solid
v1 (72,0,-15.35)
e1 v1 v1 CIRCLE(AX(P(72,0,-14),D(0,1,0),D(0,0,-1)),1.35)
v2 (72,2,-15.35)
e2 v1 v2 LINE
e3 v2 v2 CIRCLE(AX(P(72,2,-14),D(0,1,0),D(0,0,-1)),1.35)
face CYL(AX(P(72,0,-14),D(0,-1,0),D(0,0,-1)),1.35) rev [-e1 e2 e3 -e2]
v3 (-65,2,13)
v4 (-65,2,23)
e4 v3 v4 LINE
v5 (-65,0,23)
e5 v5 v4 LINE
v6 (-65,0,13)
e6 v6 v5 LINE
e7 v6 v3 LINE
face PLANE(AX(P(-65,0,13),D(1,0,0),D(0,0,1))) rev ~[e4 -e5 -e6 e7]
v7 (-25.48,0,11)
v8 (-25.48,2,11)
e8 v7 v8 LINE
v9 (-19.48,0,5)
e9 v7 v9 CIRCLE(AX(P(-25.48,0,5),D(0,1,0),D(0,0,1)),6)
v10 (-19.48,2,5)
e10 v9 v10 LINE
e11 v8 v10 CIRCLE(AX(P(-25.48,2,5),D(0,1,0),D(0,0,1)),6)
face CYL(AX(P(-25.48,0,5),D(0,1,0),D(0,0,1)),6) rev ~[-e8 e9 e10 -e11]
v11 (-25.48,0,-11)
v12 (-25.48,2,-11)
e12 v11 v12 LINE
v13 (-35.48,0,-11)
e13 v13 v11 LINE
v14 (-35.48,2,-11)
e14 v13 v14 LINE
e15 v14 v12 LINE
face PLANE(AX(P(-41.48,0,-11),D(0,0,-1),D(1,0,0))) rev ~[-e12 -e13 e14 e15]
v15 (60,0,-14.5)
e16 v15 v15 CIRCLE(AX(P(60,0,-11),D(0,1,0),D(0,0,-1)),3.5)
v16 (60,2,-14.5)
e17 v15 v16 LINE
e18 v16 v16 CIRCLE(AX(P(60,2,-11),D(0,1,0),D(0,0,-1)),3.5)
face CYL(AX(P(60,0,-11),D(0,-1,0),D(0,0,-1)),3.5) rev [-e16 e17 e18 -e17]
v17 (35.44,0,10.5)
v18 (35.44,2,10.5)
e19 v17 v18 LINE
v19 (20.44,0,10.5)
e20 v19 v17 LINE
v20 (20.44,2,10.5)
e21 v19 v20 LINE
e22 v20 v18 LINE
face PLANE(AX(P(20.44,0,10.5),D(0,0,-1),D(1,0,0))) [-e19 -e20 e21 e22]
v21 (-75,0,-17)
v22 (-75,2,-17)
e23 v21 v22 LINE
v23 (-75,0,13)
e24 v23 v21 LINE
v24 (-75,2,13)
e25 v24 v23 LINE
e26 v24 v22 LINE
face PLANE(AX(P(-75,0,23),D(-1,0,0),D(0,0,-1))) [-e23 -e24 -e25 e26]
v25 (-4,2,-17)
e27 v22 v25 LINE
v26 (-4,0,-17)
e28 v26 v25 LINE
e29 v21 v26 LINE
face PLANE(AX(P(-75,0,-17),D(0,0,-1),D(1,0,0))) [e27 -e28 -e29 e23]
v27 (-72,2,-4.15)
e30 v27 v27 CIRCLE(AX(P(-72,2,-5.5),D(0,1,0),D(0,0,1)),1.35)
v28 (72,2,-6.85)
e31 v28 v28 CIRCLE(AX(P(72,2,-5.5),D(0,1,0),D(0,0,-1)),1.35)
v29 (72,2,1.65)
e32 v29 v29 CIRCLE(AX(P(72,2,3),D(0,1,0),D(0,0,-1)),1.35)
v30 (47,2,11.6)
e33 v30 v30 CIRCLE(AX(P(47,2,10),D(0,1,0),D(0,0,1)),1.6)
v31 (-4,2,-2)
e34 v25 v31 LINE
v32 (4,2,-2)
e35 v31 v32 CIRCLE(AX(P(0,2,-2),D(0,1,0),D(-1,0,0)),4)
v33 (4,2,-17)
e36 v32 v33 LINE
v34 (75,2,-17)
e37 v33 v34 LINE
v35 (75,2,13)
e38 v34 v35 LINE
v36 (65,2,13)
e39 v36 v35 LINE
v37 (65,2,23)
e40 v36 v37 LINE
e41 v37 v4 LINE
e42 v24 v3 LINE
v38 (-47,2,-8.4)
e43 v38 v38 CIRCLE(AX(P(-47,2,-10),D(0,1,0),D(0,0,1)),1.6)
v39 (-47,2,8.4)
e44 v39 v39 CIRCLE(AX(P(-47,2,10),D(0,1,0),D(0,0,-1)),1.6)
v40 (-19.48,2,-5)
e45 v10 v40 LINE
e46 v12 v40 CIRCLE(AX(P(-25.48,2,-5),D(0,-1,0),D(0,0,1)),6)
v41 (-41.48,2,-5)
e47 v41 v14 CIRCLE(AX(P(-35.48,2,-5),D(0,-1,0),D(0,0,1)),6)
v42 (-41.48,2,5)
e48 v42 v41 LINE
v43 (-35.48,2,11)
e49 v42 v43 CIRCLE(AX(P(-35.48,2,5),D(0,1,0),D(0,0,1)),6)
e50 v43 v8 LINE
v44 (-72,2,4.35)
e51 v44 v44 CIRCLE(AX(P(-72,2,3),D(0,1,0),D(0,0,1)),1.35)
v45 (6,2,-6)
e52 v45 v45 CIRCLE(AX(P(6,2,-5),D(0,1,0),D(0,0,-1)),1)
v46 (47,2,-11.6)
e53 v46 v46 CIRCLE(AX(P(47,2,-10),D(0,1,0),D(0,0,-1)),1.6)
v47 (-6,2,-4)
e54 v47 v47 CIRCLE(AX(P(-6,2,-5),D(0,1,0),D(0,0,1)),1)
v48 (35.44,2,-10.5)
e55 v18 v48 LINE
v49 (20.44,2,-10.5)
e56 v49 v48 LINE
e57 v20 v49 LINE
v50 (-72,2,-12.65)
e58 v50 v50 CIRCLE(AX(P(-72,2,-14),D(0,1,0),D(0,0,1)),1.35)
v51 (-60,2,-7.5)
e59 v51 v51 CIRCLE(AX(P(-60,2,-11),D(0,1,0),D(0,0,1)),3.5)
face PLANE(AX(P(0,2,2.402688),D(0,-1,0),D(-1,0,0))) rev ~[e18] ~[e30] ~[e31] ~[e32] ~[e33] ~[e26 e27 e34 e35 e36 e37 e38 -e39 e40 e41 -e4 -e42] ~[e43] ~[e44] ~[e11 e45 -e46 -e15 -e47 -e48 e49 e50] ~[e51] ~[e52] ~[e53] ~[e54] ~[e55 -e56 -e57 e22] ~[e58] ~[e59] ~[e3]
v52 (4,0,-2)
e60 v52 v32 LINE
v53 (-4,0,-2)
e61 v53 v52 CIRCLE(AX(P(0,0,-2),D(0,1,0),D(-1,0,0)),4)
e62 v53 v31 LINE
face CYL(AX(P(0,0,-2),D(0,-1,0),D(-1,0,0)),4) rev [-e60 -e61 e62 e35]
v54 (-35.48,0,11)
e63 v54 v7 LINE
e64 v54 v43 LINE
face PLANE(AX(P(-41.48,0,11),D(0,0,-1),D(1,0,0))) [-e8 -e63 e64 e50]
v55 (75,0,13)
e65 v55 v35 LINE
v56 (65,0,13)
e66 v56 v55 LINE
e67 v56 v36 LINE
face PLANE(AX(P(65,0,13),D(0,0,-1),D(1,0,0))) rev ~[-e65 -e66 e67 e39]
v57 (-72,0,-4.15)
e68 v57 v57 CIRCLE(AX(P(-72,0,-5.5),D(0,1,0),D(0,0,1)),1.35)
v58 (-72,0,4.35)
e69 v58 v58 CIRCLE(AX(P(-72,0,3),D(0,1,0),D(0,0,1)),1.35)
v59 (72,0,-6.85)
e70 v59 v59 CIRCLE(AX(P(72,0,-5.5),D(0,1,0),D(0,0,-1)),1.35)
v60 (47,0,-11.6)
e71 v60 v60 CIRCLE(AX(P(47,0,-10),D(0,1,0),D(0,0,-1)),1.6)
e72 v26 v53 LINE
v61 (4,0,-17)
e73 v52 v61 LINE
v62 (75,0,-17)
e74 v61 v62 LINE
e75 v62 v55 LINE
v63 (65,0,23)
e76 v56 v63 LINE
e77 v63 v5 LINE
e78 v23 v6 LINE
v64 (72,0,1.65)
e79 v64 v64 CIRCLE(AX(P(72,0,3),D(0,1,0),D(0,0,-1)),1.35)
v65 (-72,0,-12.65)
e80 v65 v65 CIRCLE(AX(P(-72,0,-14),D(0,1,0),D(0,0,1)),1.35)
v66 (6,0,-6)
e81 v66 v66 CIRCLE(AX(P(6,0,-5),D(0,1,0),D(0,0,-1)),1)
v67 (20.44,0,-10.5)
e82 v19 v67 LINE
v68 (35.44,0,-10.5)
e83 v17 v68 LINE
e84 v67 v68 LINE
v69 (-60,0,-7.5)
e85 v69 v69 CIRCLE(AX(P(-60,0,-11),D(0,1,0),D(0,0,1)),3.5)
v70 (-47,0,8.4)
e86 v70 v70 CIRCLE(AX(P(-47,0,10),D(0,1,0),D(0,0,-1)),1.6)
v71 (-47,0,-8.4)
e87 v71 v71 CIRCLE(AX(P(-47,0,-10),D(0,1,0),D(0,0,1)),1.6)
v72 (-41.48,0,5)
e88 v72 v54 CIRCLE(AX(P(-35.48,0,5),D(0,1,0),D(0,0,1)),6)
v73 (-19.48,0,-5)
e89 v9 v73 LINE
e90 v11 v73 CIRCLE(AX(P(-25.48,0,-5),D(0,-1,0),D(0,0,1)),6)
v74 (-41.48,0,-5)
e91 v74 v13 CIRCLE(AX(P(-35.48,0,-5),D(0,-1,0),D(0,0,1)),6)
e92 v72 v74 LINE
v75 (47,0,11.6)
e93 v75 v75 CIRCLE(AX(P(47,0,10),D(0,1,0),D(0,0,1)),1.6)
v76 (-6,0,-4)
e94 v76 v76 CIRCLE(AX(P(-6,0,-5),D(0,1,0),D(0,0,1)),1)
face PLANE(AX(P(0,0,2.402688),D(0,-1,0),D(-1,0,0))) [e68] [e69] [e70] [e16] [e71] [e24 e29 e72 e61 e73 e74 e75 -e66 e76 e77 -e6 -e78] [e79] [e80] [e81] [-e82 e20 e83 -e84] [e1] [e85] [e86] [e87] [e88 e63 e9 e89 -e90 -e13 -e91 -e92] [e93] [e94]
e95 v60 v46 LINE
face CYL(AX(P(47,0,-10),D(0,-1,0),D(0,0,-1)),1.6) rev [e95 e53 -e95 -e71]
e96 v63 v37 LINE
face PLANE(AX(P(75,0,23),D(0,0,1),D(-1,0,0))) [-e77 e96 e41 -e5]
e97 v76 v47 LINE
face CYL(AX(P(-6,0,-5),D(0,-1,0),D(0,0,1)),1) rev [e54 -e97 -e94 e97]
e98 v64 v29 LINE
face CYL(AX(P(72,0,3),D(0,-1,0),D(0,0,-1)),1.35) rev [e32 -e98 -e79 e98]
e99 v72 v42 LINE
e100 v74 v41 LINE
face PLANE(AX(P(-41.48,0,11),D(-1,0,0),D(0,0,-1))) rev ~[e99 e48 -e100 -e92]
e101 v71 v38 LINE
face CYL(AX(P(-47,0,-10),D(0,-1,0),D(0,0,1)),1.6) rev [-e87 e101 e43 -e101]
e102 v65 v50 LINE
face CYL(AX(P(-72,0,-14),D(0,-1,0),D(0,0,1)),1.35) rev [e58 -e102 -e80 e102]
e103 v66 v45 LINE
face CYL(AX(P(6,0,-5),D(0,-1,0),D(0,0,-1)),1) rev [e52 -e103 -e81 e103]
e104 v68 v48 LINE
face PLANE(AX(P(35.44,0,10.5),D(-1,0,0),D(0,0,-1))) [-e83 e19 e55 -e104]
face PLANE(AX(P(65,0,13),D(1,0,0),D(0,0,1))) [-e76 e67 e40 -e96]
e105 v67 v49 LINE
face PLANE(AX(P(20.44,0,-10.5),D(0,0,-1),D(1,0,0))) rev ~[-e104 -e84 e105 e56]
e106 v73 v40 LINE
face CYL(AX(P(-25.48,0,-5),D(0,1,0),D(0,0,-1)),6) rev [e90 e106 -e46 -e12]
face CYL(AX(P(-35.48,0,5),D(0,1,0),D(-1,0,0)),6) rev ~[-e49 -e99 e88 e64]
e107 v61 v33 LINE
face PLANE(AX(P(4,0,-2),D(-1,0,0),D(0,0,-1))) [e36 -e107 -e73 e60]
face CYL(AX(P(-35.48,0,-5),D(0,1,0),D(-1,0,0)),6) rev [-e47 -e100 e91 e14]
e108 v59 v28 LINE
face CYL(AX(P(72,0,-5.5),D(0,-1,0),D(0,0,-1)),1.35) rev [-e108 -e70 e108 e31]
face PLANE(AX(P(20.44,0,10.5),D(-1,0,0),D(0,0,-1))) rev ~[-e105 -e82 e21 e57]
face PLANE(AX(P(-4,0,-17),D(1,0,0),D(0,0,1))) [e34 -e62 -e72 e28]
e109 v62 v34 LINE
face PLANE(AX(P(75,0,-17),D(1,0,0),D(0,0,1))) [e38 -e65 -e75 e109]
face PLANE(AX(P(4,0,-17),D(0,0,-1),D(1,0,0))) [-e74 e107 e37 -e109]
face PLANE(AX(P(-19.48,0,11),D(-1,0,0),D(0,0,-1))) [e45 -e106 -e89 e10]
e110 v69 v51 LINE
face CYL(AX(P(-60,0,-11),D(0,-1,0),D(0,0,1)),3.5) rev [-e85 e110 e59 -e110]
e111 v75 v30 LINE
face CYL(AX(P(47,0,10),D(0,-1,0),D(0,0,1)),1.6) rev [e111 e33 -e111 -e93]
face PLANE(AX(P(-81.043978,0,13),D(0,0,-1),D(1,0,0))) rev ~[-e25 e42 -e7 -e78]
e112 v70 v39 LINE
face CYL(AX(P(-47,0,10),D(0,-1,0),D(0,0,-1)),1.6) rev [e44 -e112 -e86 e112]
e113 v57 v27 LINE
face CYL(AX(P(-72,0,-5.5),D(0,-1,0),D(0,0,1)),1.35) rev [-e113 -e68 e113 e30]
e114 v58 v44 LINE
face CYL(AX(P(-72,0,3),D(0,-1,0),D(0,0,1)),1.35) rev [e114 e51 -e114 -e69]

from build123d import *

# Parameters (mm, degrees)
SKETCH_1_R          = 1.35
SKETCH_1_R_2        = 3.5
SKETCH_1_R_3        = 1.6
SKETCH_1_R_4        = 1
SKETCH_1_W          = 22
SKETCH_1_H          = 22
SKETCH_1_W_2        = 15
SKETCH_1_H_2        = 21
EXTRUDE_1_DEPTH     = 2
FILLET_1_R          = 6
SKETCH_2_W          = 16.043978469
SKETCH_2_H          = 25.917195988
CUT_EXTRUDE_1_DEPTH = 79.472925267


with BuildPart() as part:
    # 草图1 → 凸台-拉伸1 (new body)
    with BuildSketch(Plane(origin=(0, 0, 0), x_dir=(1, 0, 0), z_dir=(0, 1, 0))):
        with BuildLine():
            Line((-75, 17), (-4, 17))
            Line((-4, 17), (-4, 2))
            ThreePointArc((-4, 2), (0, -2), (4, 2))
            Line((4, 2), (4, 17))
            Line((4, 17), (75, 17))
            Line((75, 17), (75, -17))
            Line((75, -17), (75, -23))
            Line((75, -23), (-75, -23))
            Line((-75, -23), (-75, -17))
            Line((-75, -17), (-75, 17))
        make_face()
        with Locations(Location((-72, 14, 0), (0, 0, 270))):
            Circle(SKETCH_1_R, mode=Mode.SUBTRACT)
        with Locations(Location((-72, -3, 0), (0, 0, 270))):
            Circle(SKETCH_1_R, mode=Mode.SUBTRACT)
        with Locations(Location((72, -3, 0), (0, 0, 90))):
            Circle(SKETCH_1_R, mode=Mode.SUBTRACT)
        with Locations(Location((72, 14, 0), (0, 0, 90))):
            Circle(SKETCH_1_R, mode=Mode.SUBTRACT)
        with Locations(Location((-60, 11, 0), (0, 0, 270))):
            Circle(SKETCH_1_R_2, mode=Mode.SUBTRACT)
        with Locations(Location((60, 11, 0), (0, 0, 90))):
            Circle(SKETCH_1_R_2, mode=Mode.SUBTRACT)
        with Locations(Location((-47, 10, 0), (0, 0, 270))):
            Circle(SKETCH_1_R_3, mode=Mode.SUBTRACT)
        with Locations(Location((47, 10, 0), (0, 0, 90))):
            Circle(SKETCH_1_R_3, mode=Mode.SUBTRACT)
        with Locations(Location((47, -10, 0), (0, 0, 270))):
            Circle(SKETCH_1_R_3, mode=Mode.SUBTRACT)
        with Locations(Location((-47, -10, 0), (0, 0, 90))):
            Circle(SKETCH_1_R_3, mode=Mode.SUBTRACT)
        with Locations(Location((-6, 5, 0), (0, 0, 270))):
            Circle(SKETCH_1_R_4, mode=Mode.SUBTRACT)
        with Locations(Location((6, 5, 0), (0, 0, 90))):
            Circle(SKETCH_1_R_4, mode=Mode.SUBTRACT)
        with Locations(Location((-72, 5.5, 0), (0, 0, 270))):
            Circle(SKETCH_1_R, mode=Mode.SUBTRACT)
        with Locations(Location((72, 5.5, 0), (0, 0, 90))):
            Circle(SKETCH_1_R, mode=Mode.SUBTRACT)
        with Locations((-30.48, 0)):
            Rectangle(SKETCH_1_W, SKETCH_1_H, mode=Mode.SUBTRACT)
        with Locations((27.94, 0)):
            Rectangle(SKETCH_1_W_2, SKETCH_1_H_2, mode=Mode.SUBTRACT)
    extrude(amount=EXTRUDE_1_DEPTH)

    # 圆角1
    fillet_1_edges = [part.edges().sort_by_distance(p)[0] for p in [
        (-19.48, 1, 11),
        (-19.48, 1, -11),
        (-41.48, 1, -11),
        (-41.48, 1, 11),
    ]]
    fillet(fillet_1_edges, radius=FILLET_1_R)

    # 草图2 → 切除-拉伸1 (cut, through all)
    with BuildSketch(Plane.XZ):
        with Locations((-73.021989235, 25.958597994)):
            Rectangle(SKETCH_2_W, SKETCH_2_H)
        with Locations((73.021989235, 25.958597994)):
            Rectangle(SKETCH_2_W, SKETCH_2_H)
    extrude(amount=-CUT_EXTRUDE_1_DEPTH, mode=Mode.SUBTRACT)


solid = part.part
